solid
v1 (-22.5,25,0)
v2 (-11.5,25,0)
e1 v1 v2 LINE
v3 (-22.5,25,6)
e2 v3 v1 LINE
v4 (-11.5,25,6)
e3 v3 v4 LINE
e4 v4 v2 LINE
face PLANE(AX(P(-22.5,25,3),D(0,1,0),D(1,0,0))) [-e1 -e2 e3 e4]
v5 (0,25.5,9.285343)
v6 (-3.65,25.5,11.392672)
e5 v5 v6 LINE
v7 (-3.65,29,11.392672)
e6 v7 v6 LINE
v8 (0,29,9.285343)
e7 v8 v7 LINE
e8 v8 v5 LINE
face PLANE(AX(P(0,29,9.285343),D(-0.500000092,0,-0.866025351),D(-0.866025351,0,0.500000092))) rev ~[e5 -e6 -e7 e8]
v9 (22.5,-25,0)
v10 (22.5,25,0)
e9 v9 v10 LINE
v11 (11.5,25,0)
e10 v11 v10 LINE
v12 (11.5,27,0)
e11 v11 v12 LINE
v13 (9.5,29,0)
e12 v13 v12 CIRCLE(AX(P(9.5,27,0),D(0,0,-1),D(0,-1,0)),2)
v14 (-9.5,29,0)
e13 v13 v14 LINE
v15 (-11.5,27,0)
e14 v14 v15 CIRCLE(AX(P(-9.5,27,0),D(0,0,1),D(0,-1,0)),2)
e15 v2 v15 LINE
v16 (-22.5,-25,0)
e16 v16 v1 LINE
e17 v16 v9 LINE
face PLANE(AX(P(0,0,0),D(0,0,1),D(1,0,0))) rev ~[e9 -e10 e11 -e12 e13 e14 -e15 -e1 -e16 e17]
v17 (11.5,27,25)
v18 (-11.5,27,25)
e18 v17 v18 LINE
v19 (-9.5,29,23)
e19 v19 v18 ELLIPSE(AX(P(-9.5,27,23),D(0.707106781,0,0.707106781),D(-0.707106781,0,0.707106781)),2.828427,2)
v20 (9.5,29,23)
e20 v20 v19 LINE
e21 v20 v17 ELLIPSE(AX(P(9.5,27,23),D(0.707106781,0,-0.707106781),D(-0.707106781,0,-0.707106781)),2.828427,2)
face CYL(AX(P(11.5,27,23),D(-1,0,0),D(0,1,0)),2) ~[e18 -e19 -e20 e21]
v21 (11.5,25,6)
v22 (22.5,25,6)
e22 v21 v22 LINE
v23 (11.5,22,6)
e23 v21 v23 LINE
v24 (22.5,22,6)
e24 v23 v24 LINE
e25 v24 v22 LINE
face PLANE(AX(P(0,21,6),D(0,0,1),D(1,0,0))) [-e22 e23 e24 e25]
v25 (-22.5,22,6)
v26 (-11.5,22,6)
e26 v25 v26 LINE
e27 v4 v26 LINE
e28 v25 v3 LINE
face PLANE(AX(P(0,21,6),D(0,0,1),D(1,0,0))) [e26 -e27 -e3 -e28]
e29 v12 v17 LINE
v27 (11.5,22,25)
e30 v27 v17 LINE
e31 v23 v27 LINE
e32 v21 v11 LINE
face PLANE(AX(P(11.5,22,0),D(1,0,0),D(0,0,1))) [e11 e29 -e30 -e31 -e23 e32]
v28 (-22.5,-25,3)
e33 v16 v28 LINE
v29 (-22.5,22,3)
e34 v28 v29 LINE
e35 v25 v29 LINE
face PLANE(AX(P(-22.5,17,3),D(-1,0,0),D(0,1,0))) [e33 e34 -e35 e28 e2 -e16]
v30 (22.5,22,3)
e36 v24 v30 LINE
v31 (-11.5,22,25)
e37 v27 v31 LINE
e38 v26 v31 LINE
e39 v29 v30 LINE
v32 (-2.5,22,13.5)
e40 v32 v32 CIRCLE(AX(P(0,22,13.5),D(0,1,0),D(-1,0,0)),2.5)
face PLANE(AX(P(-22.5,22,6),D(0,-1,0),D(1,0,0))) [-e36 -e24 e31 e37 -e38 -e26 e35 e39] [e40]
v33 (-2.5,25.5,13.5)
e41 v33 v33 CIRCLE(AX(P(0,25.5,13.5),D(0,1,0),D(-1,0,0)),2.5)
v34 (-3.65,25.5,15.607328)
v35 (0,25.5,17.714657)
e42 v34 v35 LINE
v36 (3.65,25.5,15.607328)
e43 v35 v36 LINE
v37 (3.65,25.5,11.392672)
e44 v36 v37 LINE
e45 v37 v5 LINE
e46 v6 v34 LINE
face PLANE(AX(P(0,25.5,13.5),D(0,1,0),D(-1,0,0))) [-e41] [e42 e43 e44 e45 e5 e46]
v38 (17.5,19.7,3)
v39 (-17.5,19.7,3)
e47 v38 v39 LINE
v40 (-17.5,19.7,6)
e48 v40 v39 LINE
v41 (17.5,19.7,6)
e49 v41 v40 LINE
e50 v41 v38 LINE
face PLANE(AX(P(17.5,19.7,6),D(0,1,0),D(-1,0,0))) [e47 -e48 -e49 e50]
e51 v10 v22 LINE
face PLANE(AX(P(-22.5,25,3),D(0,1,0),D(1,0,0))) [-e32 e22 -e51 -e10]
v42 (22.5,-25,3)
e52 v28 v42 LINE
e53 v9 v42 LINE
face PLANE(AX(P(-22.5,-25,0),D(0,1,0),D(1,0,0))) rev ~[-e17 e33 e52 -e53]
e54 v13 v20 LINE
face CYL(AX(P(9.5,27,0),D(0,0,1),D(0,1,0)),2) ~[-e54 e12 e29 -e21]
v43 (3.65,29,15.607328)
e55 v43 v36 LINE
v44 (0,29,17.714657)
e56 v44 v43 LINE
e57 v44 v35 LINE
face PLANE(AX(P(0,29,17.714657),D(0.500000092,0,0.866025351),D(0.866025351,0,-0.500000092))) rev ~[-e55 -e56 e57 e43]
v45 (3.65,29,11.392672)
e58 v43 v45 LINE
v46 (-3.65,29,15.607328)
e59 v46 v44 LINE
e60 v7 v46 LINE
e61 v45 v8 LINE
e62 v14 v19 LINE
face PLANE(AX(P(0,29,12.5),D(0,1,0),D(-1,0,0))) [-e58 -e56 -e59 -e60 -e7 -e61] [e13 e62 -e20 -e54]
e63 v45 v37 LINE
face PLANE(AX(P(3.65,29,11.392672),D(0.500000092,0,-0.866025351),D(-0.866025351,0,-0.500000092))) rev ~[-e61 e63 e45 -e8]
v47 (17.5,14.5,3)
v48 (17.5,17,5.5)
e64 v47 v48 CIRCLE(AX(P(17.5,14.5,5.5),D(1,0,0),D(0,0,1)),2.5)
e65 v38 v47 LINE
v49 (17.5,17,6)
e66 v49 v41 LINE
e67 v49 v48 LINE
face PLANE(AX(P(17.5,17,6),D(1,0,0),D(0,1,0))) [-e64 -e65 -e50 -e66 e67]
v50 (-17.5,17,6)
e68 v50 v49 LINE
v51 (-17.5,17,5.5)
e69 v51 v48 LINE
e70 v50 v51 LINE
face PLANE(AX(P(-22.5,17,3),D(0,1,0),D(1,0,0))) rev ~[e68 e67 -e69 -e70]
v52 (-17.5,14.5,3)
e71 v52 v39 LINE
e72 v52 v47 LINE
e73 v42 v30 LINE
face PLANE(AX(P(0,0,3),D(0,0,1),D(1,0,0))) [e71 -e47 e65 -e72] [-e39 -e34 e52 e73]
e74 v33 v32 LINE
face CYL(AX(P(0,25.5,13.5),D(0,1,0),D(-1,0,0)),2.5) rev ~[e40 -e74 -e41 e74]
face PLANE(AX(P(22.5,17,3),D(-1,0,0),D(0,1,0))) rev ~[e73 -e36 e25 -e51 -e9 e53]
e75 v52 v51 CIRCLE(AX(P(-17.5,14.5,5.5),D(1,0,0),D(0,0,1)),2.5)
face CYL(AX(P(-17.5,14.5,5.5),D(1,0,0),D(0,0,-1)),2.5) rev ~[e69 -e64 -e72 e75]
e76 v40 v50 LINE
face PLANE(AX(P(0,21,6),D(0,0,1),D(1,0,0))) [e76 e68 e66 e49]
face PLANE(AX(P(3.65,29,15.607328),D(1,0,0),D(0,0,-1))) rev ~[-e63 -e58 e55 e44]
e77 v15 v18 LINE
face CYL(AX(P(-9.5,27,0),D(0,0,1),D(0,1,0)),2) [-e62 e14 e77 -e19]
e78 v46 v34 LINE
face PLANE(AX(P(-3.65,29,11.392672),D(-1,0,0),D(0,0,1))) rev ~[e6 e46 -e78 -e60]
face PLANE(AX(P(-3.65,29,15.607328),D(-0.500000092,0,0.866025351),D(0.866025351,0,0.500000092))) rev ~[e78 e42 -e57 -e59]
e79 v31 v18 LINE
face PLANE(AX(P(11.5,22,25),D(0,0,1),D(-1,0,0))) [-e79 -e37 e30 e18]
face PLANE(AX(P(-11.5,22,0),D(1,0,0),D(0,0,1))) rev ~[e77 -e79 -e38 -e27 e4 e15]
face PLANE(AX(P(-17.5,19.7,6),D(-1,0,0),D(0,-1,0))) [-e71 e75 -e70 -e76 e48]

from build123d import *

# Parameters (mm, degrees)
SKETCH_W        = 45
SKETCH_H        = 50
PAD_DEPTH       = 3
SKETCH001_W     = 23
SKETCH001_H     = 25
PAD001_DEPTH    = 7
SKETCH002_W     = 45
SKETCH002_H     = 8
PAD002_DEPTH    = 3
POCKET_DEPTH    = 3
POCKET001_DEPTH = 3.5
SKETCH005_R     = 2.5
POCKET002_DEPTH = 50.501
FILLET_R        = 2.5
FILLET001_R     = 2


with BuildPart() as part:
    # Sketch → Pad (new body)
    with BuildSketch(Plane.XY):
        Rectangle(SKETCH_W, SKETCH_H)
    extrude(amount=PAD_DEPTH)

    # Sketch001 (on DatumPlane) → Pad001 (join)
    with BuildSketch(Plane(origin=(0, 22, 0), x_dir=(-1, 0, 0), z_dir=(0, 1, 0))):
        with Locations((0, 12.5)):
            Rectangle(SKETCH001_W, SKETCH001_H)
    extrude(amount=PAD001_DEPTH)

    # Sketch002 (on Face5 of Pad001) → Pad002 (join)
    with BuildSketch(Plane.XY.offset(3)):
        with Locations((0, 21)):
            Rectangle(SKETCH002_W, SKETCH002_H)
    extrude(amount=PAD002_DEPTH)

    # Sketch003 (on Face14 of Pad002) → Pocket (cut)
    with BuildSketch(Plane.XY.offset(6)):
        Polygon((-22.5, 22), (22.5, 22), (22.5, 19.7), (22.5, 17), (17.5, 17), (17.5, 19.7), (-17.5, 19.7), (-17.5, 17), (-22.5, 17), (-22.5, 19.7), align=None)
    extrude(amount=-POCKET_DEPTH, mode=Mode.SUBTRACT)

    # Sketch004 (on Face27 of Pocket) → Pocket001 (cut)
    with BuildSketch(Plane(origin=(0, 29, 0), x_dir=(-1, 0, 0), z_dir=(0, 1, 0))):
        Polygon((3.65, 11.392672), (3.65, 15.607328), (0, 17.714657), (-3.65, 15.607328), (-3.65, 11.392672), (0, 9.285343), align=None)
    extrude(amount=-POCKET001_DEPTH, mode=Mode.SUBTRACT)

    # Sketch005 (on Face34 of Pocket001) → Pocket002 (cut, through all)
    with BuildSketch(Plane(origin=(0, 25.5, 0), x_dir=(-1, 0, 0), z_dir=(0, 1, 0))):
        with Locations((0, 13.5)):
            Circle(SKETCH005_R)
    extrude(amount=-POCKET002_DEPTH, mode=Mode.SUBTRACT)

    # Fillet
    fillet_edges = [part.edges().sort_by_distance(p)[0] for p in [
        (0, 17, 3),
    ]]
    fillet(fillet_edges, radius=FILLET_R)

    # Fillet001
    fillet001_edges = [part.edges().sort_by_distance(p)[0] for p in [
        (0, 29, 25),
        (11.5, 29, 12.5),
        (-11.5, 29, 12.5),
    ]]
    fillet(fillet001_edges, radius=FILLET001_R)


solid = part.part
